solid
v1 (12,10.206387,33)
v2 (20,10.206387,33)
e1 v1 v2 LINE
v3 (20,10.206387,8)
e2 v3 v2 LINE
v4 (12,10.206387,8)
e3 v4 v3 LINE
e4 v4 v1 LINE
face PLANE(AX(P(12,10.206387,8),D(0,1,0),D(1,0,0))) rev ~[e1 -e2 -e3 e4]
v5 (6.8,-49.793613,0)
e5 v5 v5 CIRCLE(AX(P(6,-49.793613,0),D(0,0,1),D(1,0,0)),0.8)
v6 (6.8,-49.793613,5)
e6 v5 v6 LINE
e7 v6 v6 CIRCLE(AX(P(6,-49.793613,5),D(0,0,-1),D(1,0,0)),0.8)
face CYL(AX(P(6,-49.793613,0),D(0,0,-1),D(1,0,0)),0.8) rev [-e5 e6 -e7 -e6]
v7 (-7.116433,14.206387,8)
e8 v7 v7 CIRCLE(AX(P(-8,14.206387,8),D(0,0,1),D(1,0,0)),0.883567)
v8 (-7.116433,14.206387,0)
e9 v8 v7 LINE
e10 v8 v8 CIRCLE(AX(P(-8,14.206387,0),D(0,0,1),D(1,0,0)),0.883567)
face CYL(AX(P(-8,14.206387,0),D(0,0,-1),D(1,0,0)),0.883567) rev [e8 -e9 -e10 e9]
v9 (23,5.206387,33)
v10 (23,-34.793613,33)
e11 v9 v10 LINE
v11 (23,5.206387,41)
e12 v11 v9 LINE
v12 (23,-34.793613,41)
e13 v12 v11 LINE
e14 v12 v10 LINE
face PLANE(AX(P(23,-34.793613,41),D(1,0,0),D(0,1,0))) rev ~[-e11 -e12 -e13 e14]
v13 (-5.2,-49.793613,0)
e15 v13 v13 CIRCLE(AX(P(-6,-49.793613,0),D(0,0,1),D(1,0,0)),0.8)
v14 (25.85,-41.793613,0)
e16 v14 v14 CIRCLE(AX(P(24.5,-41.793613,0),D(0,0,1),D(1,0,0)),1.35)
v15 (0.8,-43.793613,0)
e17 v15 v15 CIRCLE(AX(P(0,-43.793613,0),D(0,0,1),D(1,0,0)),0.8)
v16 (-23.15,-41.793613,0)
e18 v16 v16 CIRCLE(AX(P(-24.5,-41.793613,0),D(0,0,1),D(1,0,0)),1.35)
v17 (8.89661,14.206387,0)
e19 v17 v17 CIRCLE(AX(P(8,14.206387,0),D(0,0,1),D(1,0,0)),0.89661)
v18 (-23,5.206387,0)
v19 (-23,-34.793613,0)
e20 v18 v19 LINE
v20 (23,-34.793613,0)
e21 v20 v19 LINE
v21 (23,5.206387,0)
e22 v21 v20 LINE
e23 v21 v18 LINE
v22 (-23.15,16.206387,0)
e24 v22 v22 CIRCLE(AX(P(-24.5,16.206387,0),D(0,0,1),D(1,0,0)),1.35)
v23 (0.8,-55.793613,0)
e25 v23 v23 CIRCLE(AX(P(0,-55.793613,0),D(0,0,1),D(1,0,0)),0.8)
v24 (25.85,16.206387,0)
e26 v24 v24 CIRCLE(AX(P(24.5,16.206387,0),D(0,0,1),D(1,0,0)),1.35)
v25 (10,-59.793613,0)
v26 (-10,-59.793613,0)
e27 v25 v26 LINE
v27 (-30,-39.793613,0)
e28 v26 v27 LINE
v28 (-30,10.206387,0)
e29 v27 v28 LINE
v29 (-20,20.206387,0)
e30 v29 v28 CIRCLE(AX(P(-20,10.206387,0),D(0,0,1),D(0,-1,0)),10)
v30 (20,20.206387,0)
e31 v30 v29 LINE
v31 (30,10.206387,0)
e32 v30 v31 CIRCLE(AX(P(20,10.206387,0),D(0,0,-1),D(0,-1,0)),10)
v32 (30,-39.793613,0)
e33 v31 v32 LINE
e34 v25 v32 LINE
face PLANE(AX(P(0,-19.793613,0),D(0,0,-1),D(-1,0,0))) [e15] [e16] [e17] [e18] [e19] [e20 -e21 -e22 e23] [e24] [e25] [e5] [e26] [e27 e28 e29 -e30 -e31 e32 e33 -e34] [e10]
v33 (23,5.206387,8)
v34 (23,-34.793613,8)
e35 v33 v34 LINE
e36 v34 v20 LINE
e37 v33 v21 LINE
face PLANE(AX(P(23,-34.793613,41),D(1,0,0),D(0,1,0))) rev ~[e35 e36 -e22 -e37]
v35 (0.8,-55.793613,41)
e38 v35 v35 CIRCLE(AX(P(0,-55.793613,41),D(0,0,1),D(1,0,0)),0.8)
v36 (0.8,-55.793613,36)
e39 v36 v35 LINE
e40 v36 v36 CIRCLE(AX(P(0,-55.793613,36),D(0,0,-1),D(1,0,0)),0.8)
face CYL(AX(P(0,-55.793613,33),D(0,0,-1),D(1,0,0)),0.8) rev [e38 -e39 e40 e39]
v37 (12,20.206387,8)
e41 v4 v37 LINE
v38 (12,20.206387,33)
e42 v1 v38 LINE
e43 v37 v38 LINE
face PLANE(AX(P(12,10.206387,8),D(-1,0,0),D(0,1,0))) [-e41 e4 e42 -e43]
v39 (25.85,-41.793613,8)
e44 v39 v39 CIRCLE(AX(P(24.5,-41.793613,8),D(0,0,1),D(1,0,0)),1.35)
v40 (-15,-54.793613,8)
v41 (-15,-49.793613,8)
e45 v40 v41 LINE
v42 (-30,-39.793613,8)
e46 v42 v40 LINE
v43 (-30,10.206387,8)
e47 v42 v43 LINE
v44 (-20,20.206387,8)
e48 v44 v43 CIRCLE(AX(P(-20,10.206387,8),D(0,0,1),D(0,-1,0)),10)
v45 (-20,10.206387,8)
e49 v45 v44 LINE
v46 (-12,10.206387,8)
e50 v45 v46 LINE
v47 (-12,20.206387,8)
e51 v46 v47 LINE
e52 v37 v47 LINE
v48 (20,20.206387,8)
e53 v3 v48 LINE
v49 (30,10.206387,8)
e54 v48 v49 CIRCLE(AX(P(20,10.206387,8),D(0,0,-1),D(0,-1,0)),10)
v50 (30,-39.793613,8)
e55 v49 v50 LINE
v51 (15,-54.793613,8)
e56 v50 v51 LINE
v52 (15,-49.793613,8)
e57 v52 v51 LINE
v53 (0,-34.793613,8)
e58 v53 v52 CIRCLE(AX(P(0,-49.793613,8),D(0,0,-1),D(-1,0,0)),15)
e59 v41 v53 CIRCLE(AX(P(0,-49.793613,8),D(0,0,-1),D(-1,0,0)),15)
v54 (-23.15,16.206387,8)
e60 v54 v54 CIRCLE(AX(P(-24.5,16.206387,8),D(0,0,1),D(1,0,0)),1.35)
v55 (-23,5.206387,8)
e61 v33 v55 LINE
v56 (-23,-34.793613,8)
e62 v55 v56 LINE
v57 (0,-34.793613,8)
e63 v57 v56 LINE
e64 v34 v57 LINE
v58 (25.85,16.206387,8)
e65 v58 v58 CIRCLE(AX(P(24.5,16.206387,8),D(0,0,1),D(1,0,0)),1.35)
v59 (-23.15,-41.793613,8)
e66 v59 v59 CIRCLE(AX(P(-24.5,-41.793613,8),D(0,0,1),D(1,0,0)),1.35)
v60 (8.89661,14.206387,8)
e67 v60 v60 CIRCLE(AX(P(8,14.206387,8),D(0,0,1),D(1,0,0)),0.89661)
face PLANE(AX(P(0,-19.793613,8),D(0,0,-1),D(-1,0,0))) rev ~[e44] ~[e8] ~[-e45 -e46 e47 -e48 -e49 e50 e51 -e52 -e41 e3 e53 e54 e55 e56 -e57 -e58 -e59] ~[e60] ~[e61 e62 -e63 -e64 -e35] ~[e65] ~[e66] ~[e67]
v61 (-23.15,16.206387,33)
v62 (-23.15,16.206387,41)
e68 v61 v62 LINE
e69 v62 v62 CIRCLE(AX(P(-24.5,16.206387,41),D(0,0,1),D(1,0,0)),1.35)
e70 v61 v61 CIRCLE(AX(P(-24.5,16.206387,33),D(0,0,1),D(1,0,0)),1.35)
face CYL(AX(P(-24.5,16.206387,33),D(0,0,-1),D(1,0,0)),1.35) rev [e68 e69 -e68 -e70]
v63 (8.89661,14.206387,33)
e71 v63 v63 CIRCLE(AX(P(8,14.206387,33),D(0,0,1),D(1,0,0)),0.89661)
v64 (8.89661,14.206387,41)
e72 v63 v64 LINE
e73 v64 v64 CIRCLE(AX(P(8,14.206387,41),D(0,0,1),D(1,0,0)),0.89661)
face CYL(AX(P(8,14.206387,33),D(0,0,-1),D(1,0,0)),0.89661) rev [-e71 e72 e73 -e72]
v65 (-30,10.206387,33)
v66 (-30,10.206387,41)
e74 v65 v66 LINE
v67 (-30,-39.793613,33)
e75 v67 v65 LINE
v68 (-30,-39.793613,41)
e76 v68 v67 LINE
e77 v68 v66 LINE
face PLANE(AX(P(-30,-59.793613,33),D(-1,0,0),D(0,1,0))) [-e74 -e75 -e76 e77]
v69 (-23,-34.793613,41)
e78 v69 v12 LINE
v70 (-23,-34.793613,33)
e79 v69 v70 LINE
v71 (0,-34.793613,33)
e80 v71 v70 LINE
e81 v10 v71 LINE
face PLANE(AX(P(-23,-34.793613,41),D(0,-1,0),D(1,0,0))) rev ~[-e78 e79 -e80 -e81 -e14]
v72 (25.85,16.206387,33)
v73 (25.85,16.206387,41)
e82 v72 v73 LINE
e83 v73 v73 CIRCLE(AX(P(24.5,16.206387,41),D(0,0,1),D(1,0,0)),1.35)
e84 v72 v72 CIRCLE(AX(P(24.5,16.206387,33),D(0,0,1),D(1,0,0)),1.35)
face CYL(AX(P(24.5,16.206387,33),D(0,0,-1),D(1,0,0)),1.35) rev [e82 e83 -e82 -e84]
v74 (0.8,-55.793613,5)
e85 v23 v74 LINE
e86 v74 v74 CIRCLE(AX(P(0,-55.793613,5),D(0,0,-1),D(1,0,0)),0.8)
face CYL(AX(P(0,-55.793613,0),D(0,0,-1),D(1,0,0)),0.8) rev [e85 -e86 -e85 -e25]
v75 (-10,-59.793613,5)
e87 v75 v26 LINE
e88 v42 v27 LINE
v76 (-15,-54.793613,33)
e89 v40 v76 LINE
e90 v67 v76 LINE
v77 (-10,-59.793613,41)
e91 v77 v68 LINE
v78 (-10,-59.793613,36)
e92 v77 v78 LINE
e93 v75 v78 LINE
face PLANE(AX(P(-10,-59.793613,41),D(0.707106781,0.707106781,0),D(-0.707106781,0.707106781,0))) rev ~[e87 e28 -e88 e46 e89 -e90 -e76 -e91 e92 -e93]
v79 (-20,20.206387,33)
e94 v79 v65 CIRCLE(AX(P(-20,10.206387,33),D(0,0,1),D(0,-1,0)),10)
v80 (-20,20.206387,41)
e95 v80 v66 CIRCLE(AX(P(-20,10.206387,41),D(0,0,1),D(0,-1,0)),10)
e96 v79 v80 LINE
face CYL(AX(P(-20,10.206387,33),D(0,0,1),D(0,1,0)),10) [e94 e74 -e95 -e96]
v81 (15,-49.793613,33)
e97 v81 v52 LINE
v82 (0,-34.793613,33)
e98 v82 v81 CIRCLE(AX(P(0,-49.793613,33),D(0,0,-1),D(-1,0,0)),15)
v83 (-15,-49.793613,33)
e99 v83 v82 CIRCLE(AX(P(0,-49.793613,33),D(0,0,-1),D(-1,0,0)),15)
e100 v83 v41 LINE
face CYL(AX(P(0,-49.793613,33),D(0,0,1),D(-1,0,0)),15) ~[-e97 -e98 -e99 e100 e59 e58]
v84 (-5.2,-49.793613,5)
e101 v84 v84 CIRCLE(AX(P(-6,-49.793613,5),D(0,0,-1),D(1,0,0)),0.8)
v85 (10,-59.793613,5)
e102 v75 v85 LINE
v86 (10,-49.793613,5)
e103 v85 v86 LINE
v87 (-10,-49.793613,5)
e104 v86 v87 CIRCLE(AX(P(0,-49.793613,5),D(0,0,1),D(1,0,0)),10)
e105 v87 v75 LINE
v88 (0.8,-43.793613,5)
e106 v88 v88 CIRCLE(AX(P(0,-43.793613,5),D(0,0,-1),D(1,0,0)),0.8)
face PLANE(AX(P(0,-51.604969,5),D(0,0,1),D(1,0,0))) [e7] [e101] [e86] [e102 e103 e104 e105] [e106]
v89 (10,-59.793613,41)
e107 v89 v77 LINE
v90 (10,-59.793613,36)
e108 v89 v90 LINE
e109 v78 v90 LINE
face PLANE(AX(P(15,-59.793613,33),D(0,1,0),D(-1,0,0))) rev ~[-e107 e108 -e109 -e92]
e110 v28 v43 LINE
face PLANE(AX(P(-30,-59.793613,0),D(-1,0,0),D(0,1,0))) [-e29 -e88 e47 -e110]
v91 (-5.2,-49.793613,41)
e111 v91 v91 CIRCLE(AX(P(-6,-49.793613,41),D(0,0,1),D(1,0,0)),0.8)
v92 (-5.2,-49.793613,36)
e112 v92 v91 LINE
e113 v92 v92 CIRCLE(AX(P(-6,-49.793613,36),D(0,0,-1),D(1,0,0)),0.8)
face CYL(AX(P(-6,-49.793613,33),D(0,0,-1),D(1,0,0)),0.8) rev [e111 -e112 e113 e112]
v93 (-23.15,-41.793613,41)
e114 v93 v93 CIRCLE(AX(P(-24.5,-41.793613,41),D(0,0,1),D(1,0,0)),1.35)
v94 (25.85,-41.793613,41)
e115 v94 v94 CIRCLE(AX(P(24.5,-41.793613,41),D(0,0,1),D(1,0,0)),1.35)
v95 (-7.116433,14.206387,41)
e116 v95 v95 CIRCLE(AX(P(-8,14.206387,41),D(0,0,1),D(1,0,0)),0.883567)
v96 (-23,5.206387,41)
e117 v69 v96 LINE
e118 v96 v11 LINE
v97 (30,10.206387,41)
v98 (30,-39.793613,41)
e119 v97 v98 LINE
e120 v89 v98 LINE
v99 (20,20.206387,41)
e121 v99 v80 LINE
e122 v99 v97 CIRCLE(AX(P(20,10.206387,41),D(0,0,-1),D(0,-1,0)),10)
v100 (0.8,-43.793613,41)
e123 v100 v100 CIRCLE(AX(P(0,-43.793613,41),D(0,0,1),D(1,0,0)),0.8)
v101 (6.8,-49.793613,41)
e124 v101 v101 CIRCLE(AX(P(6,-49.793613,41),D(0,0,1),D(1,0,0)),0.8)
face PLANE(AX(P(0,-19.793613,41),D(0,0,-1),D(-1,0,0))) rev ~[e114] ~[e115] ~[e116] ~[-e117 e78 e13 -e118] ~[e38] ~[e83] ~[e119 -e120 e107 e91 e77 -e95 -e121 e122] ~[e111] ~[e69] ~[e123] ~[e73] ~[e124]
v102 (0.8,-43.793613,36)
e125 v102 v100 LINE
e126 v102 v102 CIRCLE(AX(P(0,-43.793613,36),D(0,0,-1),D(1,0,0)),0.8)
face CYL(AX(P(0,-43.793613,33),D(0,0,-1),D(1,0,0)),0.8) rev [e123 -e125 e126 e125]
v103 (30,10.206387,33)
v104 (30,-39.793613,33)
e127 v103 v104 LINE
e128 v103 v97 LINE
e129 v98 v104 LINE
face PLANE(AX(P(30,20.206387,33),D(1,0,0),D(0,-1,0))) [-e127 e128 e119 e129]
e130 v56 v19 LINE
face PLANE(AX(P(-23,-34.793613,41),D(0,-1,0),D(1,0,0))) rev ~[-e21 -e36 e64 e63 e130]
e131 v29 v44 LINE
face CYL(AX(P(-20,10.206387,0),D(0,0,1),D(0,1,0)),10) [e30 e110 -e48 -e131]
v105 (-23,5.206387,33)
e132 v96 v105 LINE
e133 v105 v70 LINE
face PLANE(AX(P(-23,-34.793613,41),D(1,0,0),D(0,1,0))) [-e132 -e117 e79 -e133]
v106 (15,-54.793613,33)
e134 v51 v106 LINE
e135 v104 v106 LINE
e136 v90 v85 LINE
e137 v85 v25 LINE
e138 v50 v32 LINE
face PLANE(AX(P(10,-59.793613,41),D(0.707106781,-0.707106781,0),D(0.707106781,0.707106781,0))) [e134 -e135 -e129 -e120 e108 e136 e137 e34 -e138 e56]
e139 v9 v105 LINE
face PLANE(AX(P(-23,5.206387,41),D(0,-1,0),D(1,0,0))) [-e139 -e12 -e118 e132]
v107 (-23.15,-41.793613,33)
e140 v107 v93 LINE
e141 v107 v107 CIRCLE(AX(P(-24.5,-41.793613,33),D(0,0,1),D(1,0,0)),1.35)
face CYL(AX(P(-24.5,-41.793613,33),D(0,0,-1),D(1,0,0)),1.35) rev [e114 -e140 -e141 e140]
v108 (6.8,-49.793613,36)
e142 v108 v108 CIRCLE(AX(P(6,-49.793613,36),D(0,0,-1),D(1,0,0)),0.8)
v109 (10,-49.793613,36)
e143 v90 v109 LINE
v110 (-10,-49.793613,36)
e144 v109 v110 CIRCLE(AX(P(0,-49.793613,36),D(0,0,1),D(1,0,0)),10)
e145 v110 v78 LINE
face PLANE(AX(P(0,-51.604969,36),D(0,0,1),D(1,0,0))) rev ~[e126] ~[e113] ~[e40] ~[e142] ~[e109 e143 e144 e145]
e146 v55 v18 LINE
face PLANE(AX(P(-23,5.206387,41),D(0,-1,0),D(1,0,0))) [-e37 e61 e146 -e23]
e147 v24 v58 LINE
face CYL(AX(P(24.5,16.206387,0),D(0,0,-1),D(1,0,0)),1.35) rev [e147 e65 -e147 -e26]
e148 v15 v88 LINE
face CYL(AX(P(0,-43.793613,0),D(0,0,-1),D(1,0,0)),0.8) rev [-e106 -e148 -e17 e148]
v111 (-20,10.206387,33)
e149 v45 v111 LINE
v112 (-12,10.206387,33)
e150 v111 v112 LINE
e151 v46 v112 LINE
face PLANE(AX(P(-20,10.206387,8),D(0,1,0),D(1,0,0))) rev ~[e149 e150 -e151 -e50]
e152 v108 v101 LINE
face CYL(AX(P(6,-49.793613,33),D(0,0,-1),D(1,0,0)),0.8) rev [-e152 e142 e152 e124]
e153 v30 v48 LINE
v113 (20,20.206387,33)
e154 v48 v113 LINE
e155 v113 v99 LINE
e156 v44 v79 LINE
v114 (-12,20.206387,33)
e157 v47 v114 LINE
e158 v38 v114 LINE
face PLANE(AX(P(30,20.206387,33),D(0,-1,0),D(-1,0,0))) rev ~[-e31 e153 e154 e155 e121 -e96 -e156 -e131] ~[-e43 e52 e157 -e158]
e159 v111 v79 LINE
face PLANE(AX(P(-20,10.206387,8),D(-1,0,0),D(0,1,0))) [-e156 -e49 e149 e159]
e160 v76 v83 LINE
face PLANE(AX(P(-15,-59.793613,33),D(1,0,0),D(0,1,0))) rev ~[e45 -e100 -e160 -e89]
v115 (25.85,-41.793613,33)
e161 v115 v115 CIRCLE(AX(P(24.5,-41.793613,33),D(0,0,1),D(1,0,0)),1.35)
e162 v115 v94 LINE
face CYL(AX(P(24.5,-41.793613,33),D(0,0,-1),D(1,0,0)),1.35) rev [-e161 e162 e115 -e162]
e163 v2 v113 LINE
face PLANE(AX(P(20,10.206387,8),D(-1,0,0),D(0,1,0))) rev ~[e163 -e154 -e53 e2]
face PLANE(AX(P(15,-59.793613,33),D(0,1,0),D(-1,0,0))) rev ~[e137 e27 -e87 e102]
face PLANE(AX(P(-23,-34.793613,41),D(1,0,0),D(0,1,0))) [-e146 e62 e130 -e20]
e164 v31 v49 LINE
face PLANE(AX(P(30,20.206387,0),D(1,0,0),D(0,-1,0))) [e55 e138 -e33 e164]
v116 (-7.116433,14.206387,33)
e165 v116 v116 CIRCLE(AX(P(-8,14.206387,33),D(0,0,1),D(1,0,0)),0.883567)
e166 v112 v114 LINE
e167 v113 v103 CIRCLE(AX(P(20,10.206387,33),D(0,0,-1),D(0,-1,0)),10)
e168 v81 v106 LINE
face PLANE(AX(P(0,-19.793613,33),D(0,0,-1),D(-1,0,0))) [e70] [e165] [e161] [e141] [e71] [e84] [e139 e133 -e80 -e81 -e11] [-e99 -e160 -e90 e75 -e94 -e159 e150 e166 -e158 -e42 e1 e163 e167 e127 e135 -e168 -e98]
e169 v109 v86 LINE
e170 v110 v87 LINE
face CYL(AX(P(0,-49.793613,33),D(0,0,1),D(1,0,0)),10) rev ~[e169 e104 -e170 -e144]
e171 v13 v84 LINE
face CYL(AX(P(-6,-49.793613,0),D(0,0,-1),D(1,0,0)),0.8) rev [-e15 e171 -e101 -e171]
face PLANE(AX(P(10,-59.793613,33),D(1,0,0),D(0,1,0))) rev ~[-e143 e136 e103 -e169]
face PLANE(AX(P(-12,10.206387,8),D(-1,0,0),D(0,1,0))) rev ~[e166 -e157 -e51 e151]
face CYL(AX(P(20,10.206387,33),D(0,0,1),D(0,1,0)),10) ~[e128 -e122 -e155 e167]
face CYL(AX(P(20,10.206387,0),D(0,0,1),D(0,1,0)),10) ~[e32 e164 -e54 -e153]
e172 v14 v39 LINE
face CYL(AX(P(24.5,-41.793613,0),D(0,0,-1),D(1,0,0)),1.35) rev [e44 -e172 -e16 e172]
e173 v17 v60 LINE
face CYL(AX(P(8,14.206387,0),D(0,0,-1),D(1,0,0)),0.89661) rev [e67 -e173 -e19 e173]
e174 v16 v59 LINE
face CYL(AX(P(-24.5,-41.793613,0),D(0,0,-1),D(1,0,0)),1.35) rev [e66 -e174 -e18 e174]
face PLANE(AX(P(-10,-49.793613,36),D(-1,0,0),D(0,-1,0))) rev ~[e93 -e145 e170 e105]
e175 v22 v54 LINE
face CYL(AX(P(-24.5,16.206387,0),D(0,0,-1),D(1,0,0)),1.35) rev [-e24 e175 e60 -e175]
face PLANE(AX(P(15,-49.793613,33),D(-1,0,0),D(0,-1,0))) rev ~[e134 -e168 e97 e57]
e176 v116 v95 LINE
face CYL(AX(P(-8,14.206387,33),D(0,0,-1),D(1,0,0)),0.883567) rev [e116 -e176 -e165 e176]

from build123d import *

# Parameters (mm, degrees)
SKETCH1_R           = 0.883567379
SKETCH1_R_2         = 0.896609669
SKETCH1_R_3         = 0.8
SKETCH1_R_4         = 1.35
BOSS_EXTRUDE1_DEPTH = 8
SKETCH2_W           = 8
SKETCH2_H           = 10
BOSS_EXTRUDE3_DEPTH = 25
BOSS_EXTRUDE4_START = 33
SKETCH1_2_R         = 0.883567379
SKETCH1_2_R_2       = 0.896609669
SKETCH1_2_R_3       = 0.8
SKETCH1_2_R_4       = 1.35
BOSS_EXTRUDE4_DEPTH = 8
CUT_EXTRUDE1_DEPTH  = 3
CUT_EXTRUDE2_START  = 28
CUT_EXTRUDE2_DEPTH  = 3
BOSS_EXTRUDE5_DEPTH = 25
CUT_EXTRUDE3_DEPTH  = 41
FILLET5_R           = 10
SKETCH8_W           = 46
SKETCH8_H           = 40
CUT_EXTRUDE4_DEPTH  = 79.4619407


with BuildPart() as part:
    # Sketch1 → Boss-Extrude1 (new body)
    with BuildSketch(Plane.XY):
        Polygon((-30, 20.206387144), (0, 20.206387144), (30, 20.206387144), (30, -59.793612856), (-30, -59.793612856), align=None)
        with Locations((-8, 14.206387144)):
            Circle(SKETCH1_R, mode=Mode.SUBTRACT)
        with Locations((8, 14.206387144)):
            Circle(SKETCH1_R_2, mode=Mode.SUBTRACT)
        with Locations((0, -43.793612856)):
            Circle(SKETCH1_R_3, mode=Mode.SUBTRACT)
        with Locations((6, -49.793612856)):
            Circle(SKETCH1_R_3, mode=Mode.SUBTRACT)
        with Locations((0, -55.793612856)):
            Circle(SKETCH1_R_3, mode=Mode.SUBTRACT)
        with Locations((-6, -49.793612856)):
            Circle(SKETCH1_R_3, mode=Mode.SUBTRACT)
        with Locations((-24.5, 16.206387144)):
            Circle(SKETCH1_R_4, mode=Mode.SUBTRACT)
        with Locations((24.5, 16.206387144)):
            Circle(SKETCH1_R_4, mode=Mode.SUBTRACT)
        with Locations((-24.5, -41.793612856)):
            Circle(SKETCH1_R_4, mode=Mode.SUBTRACT)
        with Locations((24.5, -41.793612856)):
            Circle(SKETCH1_R_4, mode=Mode.SUBTRACT)
    extrude(amount=BOSS_EXTRUDE1_DEPTH)

    # Sketch2 → Boss-Extrude3 (add)
    with BuildSketch(Plane.XY.offset(8)):
        with Locations((-16, 15.206387144)):
            Rectangle(SKETCH2_W, SKETCH2_H)
        with Locations((16, 15.206387144)):
            Rectangle(SKETCH2_W, SKETCH2_H)
    extrude(amount=BOSS_EXTRUDE3_DEPTH)

    # Sketch1<2> → Boss-Extrude4 (add)
    with BuildSketch(Plane.XY.offset(BOSS_EXTRUDE4_START)):
        Polygon((-30, 20.206387144), (0, 20.206387144), (30, 20.206387144), (30, -59.793612856), (-30, -59.793612856), align=None)
        with Locations((-8, 14.206387144)):
            Circle(SKETCH1_2_R, mode=Mode.SUBTRACT)
        with Locations((8, 14.206387144)):
            Circle(SKETCH1_2_R_2, mode=Mode.SUBTRACT)
        with Locations((0, -43.793612856)):
            Circle(SKETCH1_2_R_3, mode=Mode.SUBTRACT)
        with Locations((6, -49.793612856)):
            Circle(SKETCH1_2_R_3, mode=Mode.SUBTRACT)
        with Locations((0, -55.793612856)):
            Circle(SKETCH1_2_R_3, mode=Mode.SUBTRACT)
        with Locations((-6, -49.793612856)):
            Circle(SKETCH1_2_R_3, mode=Mode.SUBTRACT)
        with Locations((-24.5, 16.206387144)):
            Circle(SKETCH1_2_R_4, mode=Mode.SUBTRACT)
        with Locations((24.5, 16.206387144)):
            Circle(SKETCH1_2_R_4, mode=Mode.SUBTRACT)
        with Locations((-24.5, -41.793612856)):
            Circle(SKETCH1_2_R_4, mode=Mode.SUBTRACT)
        with Locations((24.5, -41.793612856)):
            Circle(SKETCH1_2_R_4, mode=Mode.SUBTRACT)
    extrude(amount=BOSS_EXTRUDE4_DEPTH)

    # Sketch3 → Cut-Extrude1 (cut)
    with BuildSketch(Plane.XY.offset(8)):
        with BuildLine():
            Line((-10, -49.793612856), (-10, -59.793612856))
            Line((-10, -59.793612856), (10, -59.793612856))
            Line((10, -59.793612856), (10, -49.793612856))
            ThreePointArc((10, -49.793612856), (0, -39.793612856), (-10, -49.793612856))
        make_face()
    extrude(amount=-CUT_EXTRUDE1_DEPTH, mode=Mode.SUBTRACT)

    # Sketch3<2> → Cut-Extrude2 (cut)
    with BuildSketch(Plane.XY.offset(8).offset(CUT_EXTRUDE2_START)):
        with BuildLine():
            Line((-10, -49.793612856), (-10, -59.793612856))
            Line((-10, -59.793612856), (10, -59.793612856))
            Line((10, -59.793612856), (10, -49.793612856))
            ThreePointArc((10, -49.793612856), (0, -39.793612856), (-10, -49.793612856))
        make_face()
    extrude(amount=-CUT_EXTRUDE2_DEPTH, mode=Mode.SUBTRACT)

    # Sketch5 → Boss-Extrude5 (add)
    with BuildSketch(Plane(origin=(0, 0, 33), x_dir=(-1, 0, 0), z_dir=(0, 0, -1))):
        with BuildLine():
            Line((-15, -49.793612856), (-15, -59.793612856))
            Line((-15, -59.793612856), (-10, -59.793612856))
            Line((-10, -59.793612856), (-10, -49.793612856))
            ThreePointArc((-10, -49.793612856), (0, -39.793612856), (10, -49.793612856))
            Line((10, -49.793612856), (10, -59.793612856))
            Line((10, -59.793612856), (15, -59.793612856))
            Line((15, -59.793612856), (15, -49.793612856))
            ThreePointArc((15, -49.793612856), (0, -34.793612856), (-15, -49.793612856))
        make_face()
    extrude(amount=BOSS_EXTRUDE5_DEPTH)

    # Sketch7 → Cut-Extrude3 (cut)
    with BuildSketch(Plane.XY.offset(41)):
        Polygon((30, -39.793612856), (30, -59.793612856), (10, -59.793612856), align=None)
        Polygon((-30, -39.793612856), (-30, -59.793612856), (-10, -59.793612856), align=None)
    extrude(amount=-CUT_EXTRUDE3_DEPTH, mode=Mode.SUBTRACT)

    # Fillet5
    fillet5_edges = [part.edges().sort_by_distance(p)[0] for p in [
        (-30, 20.206387144, 37),
        (-30, 20.206387144, 4),
        (30, 20.206387144, 4),
        (30, 20.206387144, 37),
    ]]
    fillet(fillet5_edges, radius=FILLET5_R)

    # Sketch8 → Cut-Extrude4 (cut, through all)
    with BuildSketch(Plane.XY.offset(41)):
        with Locations((0, -14.793612856)):
            Rectangle(SKETCH8_W, SKETCH8_H)
    extrude(amount=-CUT_EXTRUDE4_DEPTH, mode=Mode.SUBTRACT)


solid = part.part
